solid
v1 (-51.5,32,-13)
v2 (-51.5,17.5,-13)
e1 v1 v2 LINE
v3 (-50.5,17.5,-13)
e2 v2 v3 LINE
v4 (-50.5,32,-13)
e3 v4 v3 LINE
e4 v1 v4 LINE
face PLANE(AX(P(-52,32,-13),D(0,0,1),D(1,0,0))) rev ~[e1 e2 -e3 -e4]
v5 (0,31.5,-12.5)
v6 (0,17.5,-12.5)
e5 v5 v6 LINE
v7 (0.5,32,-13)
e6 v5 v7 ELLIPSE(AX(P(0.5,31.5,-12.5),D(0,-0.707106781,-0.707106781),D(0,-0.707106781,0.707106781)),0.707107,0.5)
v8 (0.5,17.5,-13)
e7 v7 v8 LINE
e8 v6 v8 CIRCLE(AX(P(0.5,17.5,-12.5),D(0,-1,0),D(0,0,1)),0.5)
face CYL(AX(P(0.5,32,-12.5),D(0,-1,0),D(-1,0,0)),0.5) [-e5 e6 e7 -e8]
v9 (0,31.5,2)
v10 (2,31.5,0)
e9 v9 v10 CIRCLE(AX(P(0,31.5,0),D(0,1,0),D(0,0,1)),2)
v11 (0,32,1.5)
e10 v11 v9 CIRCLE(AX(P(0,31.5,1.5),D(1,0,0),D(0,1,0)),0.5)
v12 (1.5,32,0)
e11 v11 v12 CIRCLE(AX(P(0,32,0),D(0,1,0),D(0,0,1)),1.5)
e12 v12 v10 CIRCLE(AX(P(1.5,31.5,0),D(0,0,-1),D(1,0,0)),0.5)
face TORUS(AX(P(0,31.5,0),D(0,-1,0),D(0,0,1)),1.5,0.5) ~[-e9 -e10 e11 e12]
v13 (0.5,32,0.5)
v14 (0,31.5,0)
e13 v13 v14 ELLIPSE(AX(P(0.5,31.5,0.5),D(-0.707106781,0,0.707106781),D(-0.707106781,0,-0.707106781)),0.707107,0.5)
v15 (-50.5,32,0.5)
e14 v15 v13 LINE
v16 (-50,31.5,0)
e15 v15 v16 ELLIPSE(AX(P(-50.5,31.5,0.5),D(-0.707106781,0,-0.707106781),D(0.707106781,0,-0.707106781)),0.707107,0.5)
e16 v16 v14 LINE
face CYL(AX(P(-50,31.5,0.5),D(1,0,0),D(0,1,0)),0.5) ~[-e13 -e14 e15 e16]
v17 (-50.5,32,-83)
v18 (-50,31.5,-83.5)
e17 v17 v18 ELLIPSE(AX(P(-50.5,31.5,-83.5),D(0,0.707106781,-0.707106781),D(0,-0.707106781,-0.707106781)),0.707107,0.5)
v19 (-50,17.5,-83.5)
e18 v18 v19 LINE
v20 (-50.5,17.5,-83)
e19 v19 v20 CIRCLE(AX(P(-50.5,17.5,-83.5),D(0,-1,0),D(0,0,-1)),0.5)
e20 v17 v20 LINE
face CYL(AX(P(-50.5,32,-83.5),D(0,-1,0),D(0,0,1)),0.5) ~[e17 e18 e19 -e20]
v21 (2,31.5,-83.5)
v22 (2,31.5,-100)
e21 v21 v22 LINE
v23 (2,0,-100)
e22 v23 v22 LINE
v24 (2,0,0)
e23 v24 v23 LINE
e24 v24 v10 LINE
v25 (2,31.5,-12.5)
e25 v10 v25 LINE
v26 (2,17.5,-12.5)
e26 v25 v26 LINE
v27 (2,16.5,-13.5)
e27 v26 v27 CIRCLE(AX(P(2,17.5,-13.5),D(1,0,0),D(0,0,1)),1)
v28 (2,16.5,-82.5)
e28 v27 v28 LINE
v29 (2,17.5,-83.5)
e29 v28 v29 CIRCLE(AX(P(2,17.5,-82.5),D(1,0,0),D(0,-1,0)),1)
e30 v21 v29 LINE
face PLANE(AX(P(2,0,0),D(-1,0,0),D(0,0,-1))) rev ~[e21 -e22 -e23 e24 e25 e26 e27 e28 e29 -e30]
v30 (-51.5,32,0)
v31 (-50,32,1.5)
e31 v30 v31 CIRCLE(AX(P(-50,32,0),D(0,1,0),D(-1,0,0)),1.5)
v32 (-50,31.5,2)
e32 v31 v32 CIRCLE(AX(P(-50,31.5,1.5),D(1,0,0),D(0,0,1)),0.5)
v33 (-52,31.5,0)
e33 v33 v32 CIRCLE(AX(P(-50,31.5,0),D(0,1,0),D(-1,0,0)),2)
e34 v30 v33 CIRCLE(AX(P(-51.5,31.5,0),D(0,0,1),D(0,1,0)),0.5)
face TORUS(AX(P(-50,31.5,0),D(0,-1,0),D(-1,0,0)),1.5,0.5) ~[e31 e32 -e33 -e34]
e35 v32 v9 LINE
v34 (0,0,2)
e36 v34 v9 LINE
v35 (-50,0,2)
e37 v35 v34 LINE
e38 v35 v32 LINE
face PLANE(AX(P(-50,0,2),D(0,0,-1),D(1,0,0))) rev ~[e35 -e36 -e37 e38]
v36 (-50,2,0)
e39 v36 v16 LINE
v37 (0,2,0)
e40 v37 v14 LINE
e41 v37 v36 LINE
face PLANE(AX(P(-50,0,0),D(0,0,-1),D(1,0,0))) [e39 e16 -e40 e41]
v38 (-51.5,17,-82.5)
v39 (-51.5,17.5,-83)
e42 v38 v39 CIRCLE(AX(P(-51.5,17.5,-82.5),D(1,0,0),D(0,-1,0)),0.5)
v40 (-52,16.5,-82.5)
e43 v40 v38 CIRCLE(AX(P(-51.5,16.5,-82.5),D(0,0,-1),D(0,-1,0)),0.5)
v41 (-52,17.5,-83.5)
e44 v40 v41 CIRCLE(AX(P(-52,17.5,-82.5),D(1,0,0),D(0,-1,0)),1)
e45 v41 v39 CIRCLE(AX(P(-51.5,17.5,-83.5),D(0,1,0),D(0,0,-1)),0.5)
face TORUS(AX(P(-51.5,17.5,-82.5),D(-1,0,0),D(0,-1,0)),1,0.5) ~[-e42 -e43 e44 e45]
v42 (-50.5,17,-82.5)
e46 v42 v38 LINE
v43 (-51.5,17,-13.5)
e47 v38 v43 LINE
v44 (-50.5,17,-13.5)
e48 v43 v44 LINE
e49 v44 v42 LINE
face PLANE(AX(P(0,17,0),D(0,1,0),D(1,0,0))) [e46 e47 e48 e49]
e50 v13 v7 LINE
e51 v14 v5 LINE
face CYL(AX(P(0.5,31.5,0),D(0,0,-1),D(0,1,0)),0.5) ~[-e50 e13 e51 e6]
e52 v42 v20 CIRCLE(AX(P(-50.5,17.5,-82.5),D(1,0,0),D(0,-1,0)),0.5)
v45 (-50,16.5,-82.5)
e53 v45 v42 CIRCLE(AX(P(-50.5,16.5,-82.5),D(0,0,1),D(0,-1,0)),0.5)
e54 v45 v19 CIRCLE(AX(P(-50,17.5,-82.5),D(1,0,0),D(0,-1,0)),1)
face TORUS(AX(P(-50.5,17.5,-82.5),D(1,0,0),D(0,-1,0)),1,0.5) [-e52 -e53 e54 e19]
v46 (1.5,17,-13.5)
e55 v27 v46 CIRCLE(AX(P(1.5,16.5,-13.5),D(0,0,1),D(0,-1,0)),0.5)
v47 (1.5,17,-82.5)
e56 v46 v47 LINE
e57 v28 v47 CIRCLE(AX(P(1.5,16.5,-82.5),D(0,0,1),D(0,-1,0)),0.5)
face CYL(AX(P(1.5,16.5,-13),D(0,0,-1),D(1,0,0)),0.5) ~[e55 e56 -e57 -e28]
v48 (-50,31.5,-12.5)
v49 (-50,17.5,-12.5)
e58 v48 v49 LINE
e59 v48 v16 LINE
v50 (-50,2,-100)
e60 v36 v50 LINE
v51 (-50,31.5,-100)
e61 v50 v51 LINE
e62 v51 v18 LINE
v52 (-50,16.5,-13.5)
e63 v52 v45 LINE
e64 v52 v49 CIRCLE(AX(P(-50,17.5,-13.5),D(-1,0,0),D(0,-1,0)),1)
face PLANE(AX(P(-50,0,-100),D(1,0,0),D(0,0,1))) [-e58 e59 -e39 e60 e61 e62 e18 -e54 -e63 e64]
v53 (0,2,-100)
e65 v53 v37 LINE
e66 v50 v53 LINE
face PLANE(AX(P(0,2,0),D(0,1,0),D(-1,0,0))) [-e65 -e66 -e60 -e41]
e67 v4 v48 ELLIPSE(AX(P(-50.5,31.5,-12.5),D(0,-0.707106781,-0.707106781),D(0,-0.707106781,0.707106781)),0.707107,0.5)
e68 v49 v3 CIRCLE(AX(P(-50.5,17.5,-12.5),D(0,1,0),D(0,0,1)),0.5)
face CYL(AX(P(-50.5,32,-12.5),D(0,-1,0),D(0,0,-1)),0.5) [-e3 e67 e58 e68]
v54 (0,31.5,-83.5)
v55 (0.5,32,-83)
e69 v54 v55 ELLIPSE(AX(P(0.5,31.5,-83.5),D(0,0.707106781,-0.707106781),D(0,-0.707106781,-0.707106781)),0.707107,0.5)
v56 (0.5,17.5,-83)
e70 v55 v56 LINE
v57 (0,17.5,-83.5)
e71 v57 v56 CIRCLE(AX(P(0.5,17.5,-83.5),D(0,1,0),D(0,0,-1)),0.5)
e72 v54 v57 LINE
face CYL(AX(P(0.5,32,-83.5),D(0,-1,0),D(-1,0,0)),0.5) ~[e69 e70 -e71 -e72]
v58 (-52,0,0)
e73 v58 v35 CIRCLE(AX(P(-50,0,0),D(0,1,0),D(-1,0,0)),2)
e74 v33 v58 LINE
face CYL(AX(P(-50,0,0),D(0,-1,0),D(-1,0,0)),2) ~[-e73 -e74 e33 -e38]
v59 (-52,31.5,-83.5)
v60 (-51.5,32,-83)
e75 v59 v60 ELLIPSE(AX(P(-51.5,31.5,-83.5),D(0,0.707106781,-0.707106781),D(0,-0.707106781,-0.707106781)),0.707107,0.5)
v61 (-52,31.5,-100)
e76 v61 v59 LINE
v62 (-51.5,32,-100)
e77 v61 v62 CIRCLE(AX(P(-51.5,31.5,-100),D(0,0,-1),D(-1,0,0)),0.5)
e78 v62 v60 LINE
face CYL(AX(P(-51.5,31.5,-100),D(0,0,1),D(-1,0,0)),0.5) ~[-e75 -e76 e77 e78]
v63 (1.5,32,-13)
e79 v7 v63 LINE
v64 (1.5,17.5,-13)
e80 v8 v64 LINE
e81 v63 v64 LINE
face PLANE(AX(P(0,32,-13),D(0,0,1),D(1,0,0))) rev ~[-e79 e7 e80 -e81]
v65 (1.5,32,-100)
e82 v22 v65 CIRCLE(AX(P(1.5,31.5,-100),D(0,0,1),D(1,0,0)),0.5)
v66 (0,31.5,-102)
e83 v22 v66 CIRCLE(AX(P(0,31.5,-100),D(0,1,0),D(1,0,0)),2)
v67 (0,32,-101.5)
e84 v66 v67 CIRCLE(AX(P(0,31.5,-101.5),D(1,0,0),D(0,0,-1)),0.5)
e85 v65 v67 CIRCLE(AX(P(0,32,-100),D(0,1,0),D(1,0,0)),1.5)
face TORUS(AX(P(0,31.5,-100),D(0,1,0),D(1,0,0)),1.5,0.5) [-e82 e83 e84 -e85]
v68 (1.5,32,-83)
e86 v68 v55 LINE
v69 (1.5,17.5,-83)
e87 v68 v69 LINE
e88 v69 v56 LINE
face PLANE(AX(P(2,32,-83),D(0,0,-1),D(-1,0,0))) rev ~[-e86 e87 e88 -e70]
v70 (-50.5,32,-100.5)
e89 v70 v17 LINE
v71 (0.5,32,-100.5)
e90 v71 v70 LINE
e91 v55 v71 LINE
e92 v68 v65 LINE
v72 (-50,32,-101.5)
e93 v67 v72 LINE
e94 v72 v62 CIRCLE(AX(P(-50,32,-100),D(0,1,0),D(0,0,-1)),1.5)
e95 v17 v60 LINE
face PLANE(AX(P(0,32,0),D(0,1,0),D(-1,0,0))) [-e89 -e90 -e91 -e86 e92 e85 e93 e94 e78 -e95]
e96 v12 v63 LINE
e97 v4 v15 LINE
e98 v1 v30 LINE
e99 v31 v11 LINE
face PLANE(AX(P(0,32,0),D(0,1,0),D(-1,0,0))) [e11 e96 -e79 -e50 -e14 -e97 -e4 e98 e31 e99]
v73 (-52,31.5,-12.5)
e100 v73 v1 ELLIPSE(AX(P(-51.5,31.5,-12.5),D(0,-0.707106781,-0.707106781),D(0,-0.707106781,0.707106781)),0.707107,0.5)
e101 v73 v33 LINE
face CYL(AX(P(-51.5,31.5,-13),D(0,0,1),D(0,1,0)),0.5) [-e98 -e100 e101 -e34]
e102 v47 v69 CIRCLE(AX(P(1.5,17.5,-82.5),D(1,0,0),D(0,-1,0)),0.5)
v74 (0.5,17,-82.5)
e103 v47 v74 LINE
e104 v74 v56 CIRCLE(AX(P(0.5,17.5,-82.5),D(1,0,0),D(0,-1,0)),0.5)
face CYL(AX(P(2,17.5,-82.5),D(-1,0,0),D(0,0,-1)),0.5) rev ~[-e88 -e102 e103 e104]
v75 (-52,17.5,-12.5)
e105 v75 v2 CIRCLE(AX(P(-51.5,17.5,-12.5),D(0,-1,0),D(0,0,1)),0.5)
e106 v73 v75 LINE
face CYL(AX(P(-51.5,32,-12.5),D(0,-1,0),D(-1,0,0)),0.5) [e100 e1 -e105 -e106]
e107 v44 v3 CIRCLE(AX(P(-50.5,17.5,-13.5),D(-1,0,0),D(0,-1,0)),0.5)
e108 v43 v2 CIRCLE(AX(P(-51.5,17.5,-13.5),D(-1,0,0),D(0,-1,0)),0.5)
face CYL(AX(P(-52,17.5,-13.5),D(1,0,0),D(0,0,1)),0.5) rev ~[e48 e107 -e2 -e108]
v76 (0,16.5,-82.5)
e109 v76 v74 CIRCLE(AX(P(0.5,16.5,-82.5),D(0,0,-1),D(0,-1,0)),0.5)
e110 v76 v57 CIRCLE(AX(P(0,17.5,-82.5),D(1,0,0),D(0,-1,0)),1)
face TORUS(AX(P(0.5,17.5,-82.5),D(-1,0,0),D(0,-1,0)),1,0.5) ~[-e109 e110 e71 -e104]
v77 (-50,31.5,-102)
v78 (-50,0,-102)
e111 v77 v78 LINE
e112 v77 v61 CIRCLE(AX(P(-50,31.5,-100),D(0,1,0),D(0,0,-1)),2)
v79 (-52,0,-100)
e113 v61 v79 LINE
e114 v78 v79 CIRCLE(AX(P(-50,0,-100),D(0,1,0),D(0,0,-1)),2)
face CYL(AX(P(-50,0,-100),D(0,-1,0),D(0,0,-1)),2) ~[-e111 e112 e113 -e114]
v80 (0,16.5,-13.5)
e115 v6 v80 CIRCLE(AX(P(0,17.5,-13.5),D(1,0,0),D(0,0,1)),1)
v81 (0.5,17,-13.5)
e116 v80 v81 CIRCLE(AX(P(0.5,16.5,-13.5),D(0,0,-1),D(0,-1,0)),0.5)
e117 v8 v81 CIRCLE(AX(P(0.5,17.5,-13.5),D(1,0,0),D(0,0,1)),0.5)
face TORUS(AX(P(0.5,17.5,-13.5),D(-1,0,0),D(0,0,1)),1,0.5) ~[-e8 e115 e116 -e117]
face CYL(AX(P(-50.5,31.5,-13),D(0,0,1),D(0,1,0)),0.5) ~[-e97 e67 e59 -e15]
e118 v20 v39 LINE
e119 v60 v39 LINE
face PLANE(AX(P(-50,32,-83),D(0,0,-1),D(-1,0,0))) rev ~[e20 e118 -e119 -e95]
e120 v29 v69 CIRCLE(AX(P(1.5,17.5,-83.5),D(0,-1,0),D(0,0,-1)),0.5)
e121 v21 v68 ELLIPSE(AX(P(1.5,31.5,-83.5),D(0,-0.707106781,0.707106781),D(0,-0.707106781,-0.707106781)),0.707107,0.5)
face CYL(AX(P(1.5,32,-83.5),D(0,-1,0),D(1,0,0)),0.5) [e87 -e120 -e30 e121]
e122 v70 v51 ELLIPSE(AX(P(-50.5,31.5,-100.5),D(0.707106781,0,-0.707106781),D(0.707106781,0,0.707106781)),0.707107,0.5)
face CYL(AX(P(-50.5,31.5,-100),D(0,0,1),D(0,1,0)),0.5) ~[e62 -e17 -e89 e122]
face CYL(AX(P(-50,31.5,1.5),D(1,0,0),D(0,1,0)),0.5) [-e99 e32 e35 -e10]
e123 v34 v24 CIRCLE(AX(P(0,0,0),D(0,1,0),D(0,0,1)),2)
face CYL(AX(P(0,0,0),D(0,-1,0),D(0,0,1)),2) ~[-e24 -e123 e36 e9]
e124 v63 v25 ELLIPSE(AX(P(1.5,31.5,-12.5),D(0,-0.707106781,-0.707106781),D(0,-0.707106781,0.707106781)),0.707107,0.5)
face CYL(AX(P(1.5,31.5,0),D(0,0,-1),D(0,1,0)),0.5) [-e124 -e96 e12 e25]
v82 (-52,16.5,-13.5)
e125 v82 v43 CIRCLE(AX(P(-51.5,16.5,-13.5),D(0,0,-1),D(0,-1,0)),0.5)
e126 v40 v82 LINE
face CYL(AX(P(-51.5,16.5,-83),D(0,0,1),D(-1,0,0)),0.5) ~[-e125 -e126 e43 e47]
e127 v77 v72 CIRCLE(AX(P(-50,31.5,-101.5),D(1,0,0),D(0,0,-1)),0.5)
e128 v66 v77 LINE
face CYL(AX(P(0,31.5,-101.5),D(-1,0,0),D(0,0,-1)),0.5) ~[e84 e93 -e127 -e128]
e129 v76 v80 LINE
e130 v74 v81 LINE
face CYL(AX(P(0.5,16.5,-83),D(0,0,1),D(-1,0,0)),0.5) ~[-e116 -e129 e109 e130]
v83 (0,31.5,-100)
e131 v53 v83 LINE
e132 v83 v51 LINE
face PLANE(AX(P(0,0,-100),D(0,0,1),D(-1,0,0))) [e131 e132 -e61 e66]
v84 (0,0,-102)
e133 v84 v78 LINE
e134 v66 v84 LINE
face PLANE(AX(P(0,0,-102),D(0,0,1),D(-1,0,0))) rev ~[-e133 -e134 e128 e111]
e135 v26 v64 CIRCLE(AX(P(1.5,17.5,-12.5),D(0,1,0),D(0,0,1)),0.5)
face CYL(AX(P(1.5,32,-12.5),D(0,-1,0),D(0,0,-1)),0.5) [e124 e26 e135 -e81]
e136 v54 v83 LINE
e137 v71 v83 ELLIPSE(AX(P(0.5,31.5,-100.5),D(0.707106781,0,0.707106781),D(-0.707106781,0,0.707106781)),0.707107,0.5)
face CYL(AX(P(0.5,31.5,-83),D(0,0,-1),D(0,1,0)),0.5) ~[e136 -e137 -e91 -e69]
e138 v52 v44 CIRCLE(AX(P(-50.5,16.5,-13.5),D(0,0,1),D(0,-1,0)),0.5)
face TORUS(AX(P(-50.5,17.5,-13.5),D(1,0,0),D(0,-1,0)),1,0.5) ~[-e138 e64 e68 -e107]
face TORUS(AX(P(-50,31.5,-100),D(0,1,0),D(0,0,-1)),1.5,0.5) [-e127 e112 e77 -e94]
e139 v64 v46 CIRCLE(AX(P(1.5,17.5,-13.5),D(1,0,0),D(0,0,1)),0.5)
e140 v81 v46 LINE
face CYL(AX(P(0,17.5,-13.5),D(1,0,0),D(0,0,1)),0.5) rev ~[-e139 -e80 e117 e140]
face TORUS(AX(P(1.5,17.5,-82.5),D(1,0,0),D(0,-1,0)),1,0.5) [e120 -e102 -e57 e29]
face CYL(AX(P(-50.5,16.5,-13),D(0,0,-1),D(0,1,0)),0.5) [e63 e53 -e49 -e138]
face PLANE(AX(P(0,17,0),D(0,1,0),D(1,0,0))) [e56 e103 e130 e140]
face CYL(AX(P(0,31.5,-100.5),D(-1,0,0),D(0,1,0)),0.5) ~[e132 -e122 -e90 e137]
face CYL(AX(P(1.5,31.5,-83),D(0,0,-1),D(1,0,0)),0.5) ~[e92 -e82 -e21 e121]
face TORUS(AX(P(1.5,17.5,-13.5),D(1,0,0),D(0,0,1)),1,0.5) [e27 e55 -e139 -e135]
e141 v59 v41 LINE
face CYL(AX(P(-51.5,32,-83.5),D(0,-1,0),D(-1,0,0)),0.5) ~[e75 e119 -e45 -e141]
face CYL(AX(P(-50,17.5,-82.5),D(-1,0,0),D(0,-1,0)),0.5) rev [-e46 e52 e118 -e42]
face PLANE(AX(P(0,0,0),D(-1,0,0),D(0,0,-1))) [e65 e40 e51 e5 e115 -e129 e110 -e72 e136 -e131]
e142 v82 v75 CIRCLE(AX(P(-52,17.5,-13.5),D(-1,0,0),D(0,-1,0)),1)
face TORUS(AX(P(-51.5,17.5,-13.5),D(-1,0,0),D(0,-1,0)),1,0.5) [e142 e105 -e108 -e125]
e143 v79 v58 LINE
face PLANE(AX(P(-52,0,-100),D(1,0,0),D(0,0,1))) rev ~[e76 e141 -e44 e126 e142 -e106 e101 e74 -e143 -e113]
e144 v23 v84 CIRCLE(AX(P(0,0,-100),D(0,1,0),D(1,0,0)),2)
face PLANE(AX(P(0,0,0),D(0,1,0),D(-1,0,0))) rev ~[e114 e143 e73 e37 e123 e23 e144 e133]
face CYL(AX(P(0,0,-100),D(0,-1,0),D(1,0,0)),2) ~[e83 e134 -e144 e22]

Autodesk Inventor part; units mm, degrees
ref_plane "YZ Plane" through (0, 0, 0) normal (1, 0, 0) x (0, 1, 0)
ref_plane "XZ Plane" through (0, 0, 0) normal (0, 1, 0) x (-1, 0, 0)
ref_plane "XY Plane" through (0, 0, 0) normal (0, 0, 1) x (1, 0, 0)
sketch "Sketch1" plane through (0, 0, 0) normal (0, 1, 0) x (-1, 0, 0)
  line L0 (50, 2) -> (0, 2)
  line L1 (-2, 0) -> (-2, -100)
  line L2 (0, -102) -> (50, -102)
  line L3 (52, -100) -> (52, 0)
  arc A0 (52, 0) -> (50, 2) centre (50, 0) ccw
  arc A1 (0, 2) -> (-2, 0) centre (0, 0) ccw
  arc A2 (-2, -100) -> (0, -102) centre (0, -100) ccw
  arc A3 (50, -102) -> (52, -100) centre (50, -100) ccw
  line L4 (50, 0) -> (0, 0)
  line L5 (0, 0) -> (0, -100)
  line L6 (0, -100) -> (50, -100)
  line L7 (50, -100) -> (50, 0)
  point P0 (0, 0)
  point P1 (50, -100)
  point P2 (50, 0)
  point P3 (0, -100)
  dimension "d0" = 50
  dimension "d1" = 100
  dimension "d7" = 2
  dimension "d8" = 100
  dimension "d9" = 2
  dimension "d10" = 2
  dimension "d11" = 2
  dimension "d12" = 2
  dimension "d13" = 50
extrude "Extrusion1" add sketch "Sketch1" along normal blind 2 contours A0 L3 A3 L2 A2 L1 A1 L0 | L7 L6 L5 L4
extrude "Extrusion2" add sketch "Sketch1" along normal blind 32
sketch "Sketch2" plane through (0, 32, 0) normal (0, 1, 0) x (1, 0, 0)
  arc A0 (0, -2) -> (2, 0) centre (0, 0) ccw projected
  line L0 (2, 0) -> (2, 100) projected
  arc A1 (2, 100) -> (0, 102) centre (0, 100) ccw projected
  line L1 (0, 102) -> (-50, 102) projected
  arc A2 (-50, 102) -> (-52, 100) centre (-50, 100) ccw projected
  line L2 (-52, 100) -> (-52, 0) projected
  arc A3 (-52, 0) -> (-50, -2) centre (-50, 0) ccw projected
  line L3 (-50, -2) -> (0, -2) projected
  line L4 (-50, 0) -> (-50, 100) projected
  line L5 (-50, 100) -> (0, 100) projected
  line L6 (0, 100) -> (0, 0) projected
  line L7 (0, 0) -> (-50, 0) projected
  line L8 (-50, 0) -> (0, 0) projected
  line L9 (0, 0) -> (0, 100) projected
  line L10 (0, 100) -> (-50, 100) projected
  line L11 (-50, 100) -> (-50, 0) projected
  line L12 (-52, 100) -> (-52, 0) projected
  line L13 (-52, 13) -> (-50, 13)
  line L14 (-50, 13) -> (-50, 83)
  line L15 (-50, 83) -> (-52, 83)
  line L16 (-52, 83) -> (-52, 13)
  line L17 (0, 13) -> (2, 13)
  line L18 (2, 13) -> (2, 83)
  line L19 (2, 83) -> (0, 83)
  line L20 (0, 83) -> (0, 13)
  point P0 (0, 0)
  point P1 (-52, 48)
  point P2 (0, 83)
  dimension "d18" = 2
  dimension "d19" = 70
  dimension "d20" = 50
extrude "Extrusion3" cut sketch "Sketch2" against normal blind 15 contours L17 L6 L19 L0 | L2 L15 L4 L13
fillet "Fillet1" radius 0.5 32 edges at (-52, 17, -48) (-50, 17, -48) (0, 17, -48) (2, 17, -48) (2, 24.5, -83) (0, 24.5, -83) (1, 17, -83) (1, 17, -13) (0, 24.5, -13) (2, 24.5, -13) (-50, 24.5, -83) (-52, 24.5, -83) (-51, 17, -83) (-50, 24.5, -13) (-52, 24.5, -13) (-51, 17, -13) (-50, 32, -91.5) (-51.4142, 32, -101.4142) (-25, 32, -102) (1.4142, 32, -101.4142) (2, 32, -91.5) (-52, 32, -91.5) (-25, 32, -100) (0, 32, -91.5) (1.4142, 32, 1.4142) (-25, 32, 2) (-51.4142, 32, 1.4142) (-52, 32, -6.5) (2, 32, -6.5) (0, 32, -6.5) (-25, 32, 0) (-50, 32, -6.5)
properties part number "connection box"
